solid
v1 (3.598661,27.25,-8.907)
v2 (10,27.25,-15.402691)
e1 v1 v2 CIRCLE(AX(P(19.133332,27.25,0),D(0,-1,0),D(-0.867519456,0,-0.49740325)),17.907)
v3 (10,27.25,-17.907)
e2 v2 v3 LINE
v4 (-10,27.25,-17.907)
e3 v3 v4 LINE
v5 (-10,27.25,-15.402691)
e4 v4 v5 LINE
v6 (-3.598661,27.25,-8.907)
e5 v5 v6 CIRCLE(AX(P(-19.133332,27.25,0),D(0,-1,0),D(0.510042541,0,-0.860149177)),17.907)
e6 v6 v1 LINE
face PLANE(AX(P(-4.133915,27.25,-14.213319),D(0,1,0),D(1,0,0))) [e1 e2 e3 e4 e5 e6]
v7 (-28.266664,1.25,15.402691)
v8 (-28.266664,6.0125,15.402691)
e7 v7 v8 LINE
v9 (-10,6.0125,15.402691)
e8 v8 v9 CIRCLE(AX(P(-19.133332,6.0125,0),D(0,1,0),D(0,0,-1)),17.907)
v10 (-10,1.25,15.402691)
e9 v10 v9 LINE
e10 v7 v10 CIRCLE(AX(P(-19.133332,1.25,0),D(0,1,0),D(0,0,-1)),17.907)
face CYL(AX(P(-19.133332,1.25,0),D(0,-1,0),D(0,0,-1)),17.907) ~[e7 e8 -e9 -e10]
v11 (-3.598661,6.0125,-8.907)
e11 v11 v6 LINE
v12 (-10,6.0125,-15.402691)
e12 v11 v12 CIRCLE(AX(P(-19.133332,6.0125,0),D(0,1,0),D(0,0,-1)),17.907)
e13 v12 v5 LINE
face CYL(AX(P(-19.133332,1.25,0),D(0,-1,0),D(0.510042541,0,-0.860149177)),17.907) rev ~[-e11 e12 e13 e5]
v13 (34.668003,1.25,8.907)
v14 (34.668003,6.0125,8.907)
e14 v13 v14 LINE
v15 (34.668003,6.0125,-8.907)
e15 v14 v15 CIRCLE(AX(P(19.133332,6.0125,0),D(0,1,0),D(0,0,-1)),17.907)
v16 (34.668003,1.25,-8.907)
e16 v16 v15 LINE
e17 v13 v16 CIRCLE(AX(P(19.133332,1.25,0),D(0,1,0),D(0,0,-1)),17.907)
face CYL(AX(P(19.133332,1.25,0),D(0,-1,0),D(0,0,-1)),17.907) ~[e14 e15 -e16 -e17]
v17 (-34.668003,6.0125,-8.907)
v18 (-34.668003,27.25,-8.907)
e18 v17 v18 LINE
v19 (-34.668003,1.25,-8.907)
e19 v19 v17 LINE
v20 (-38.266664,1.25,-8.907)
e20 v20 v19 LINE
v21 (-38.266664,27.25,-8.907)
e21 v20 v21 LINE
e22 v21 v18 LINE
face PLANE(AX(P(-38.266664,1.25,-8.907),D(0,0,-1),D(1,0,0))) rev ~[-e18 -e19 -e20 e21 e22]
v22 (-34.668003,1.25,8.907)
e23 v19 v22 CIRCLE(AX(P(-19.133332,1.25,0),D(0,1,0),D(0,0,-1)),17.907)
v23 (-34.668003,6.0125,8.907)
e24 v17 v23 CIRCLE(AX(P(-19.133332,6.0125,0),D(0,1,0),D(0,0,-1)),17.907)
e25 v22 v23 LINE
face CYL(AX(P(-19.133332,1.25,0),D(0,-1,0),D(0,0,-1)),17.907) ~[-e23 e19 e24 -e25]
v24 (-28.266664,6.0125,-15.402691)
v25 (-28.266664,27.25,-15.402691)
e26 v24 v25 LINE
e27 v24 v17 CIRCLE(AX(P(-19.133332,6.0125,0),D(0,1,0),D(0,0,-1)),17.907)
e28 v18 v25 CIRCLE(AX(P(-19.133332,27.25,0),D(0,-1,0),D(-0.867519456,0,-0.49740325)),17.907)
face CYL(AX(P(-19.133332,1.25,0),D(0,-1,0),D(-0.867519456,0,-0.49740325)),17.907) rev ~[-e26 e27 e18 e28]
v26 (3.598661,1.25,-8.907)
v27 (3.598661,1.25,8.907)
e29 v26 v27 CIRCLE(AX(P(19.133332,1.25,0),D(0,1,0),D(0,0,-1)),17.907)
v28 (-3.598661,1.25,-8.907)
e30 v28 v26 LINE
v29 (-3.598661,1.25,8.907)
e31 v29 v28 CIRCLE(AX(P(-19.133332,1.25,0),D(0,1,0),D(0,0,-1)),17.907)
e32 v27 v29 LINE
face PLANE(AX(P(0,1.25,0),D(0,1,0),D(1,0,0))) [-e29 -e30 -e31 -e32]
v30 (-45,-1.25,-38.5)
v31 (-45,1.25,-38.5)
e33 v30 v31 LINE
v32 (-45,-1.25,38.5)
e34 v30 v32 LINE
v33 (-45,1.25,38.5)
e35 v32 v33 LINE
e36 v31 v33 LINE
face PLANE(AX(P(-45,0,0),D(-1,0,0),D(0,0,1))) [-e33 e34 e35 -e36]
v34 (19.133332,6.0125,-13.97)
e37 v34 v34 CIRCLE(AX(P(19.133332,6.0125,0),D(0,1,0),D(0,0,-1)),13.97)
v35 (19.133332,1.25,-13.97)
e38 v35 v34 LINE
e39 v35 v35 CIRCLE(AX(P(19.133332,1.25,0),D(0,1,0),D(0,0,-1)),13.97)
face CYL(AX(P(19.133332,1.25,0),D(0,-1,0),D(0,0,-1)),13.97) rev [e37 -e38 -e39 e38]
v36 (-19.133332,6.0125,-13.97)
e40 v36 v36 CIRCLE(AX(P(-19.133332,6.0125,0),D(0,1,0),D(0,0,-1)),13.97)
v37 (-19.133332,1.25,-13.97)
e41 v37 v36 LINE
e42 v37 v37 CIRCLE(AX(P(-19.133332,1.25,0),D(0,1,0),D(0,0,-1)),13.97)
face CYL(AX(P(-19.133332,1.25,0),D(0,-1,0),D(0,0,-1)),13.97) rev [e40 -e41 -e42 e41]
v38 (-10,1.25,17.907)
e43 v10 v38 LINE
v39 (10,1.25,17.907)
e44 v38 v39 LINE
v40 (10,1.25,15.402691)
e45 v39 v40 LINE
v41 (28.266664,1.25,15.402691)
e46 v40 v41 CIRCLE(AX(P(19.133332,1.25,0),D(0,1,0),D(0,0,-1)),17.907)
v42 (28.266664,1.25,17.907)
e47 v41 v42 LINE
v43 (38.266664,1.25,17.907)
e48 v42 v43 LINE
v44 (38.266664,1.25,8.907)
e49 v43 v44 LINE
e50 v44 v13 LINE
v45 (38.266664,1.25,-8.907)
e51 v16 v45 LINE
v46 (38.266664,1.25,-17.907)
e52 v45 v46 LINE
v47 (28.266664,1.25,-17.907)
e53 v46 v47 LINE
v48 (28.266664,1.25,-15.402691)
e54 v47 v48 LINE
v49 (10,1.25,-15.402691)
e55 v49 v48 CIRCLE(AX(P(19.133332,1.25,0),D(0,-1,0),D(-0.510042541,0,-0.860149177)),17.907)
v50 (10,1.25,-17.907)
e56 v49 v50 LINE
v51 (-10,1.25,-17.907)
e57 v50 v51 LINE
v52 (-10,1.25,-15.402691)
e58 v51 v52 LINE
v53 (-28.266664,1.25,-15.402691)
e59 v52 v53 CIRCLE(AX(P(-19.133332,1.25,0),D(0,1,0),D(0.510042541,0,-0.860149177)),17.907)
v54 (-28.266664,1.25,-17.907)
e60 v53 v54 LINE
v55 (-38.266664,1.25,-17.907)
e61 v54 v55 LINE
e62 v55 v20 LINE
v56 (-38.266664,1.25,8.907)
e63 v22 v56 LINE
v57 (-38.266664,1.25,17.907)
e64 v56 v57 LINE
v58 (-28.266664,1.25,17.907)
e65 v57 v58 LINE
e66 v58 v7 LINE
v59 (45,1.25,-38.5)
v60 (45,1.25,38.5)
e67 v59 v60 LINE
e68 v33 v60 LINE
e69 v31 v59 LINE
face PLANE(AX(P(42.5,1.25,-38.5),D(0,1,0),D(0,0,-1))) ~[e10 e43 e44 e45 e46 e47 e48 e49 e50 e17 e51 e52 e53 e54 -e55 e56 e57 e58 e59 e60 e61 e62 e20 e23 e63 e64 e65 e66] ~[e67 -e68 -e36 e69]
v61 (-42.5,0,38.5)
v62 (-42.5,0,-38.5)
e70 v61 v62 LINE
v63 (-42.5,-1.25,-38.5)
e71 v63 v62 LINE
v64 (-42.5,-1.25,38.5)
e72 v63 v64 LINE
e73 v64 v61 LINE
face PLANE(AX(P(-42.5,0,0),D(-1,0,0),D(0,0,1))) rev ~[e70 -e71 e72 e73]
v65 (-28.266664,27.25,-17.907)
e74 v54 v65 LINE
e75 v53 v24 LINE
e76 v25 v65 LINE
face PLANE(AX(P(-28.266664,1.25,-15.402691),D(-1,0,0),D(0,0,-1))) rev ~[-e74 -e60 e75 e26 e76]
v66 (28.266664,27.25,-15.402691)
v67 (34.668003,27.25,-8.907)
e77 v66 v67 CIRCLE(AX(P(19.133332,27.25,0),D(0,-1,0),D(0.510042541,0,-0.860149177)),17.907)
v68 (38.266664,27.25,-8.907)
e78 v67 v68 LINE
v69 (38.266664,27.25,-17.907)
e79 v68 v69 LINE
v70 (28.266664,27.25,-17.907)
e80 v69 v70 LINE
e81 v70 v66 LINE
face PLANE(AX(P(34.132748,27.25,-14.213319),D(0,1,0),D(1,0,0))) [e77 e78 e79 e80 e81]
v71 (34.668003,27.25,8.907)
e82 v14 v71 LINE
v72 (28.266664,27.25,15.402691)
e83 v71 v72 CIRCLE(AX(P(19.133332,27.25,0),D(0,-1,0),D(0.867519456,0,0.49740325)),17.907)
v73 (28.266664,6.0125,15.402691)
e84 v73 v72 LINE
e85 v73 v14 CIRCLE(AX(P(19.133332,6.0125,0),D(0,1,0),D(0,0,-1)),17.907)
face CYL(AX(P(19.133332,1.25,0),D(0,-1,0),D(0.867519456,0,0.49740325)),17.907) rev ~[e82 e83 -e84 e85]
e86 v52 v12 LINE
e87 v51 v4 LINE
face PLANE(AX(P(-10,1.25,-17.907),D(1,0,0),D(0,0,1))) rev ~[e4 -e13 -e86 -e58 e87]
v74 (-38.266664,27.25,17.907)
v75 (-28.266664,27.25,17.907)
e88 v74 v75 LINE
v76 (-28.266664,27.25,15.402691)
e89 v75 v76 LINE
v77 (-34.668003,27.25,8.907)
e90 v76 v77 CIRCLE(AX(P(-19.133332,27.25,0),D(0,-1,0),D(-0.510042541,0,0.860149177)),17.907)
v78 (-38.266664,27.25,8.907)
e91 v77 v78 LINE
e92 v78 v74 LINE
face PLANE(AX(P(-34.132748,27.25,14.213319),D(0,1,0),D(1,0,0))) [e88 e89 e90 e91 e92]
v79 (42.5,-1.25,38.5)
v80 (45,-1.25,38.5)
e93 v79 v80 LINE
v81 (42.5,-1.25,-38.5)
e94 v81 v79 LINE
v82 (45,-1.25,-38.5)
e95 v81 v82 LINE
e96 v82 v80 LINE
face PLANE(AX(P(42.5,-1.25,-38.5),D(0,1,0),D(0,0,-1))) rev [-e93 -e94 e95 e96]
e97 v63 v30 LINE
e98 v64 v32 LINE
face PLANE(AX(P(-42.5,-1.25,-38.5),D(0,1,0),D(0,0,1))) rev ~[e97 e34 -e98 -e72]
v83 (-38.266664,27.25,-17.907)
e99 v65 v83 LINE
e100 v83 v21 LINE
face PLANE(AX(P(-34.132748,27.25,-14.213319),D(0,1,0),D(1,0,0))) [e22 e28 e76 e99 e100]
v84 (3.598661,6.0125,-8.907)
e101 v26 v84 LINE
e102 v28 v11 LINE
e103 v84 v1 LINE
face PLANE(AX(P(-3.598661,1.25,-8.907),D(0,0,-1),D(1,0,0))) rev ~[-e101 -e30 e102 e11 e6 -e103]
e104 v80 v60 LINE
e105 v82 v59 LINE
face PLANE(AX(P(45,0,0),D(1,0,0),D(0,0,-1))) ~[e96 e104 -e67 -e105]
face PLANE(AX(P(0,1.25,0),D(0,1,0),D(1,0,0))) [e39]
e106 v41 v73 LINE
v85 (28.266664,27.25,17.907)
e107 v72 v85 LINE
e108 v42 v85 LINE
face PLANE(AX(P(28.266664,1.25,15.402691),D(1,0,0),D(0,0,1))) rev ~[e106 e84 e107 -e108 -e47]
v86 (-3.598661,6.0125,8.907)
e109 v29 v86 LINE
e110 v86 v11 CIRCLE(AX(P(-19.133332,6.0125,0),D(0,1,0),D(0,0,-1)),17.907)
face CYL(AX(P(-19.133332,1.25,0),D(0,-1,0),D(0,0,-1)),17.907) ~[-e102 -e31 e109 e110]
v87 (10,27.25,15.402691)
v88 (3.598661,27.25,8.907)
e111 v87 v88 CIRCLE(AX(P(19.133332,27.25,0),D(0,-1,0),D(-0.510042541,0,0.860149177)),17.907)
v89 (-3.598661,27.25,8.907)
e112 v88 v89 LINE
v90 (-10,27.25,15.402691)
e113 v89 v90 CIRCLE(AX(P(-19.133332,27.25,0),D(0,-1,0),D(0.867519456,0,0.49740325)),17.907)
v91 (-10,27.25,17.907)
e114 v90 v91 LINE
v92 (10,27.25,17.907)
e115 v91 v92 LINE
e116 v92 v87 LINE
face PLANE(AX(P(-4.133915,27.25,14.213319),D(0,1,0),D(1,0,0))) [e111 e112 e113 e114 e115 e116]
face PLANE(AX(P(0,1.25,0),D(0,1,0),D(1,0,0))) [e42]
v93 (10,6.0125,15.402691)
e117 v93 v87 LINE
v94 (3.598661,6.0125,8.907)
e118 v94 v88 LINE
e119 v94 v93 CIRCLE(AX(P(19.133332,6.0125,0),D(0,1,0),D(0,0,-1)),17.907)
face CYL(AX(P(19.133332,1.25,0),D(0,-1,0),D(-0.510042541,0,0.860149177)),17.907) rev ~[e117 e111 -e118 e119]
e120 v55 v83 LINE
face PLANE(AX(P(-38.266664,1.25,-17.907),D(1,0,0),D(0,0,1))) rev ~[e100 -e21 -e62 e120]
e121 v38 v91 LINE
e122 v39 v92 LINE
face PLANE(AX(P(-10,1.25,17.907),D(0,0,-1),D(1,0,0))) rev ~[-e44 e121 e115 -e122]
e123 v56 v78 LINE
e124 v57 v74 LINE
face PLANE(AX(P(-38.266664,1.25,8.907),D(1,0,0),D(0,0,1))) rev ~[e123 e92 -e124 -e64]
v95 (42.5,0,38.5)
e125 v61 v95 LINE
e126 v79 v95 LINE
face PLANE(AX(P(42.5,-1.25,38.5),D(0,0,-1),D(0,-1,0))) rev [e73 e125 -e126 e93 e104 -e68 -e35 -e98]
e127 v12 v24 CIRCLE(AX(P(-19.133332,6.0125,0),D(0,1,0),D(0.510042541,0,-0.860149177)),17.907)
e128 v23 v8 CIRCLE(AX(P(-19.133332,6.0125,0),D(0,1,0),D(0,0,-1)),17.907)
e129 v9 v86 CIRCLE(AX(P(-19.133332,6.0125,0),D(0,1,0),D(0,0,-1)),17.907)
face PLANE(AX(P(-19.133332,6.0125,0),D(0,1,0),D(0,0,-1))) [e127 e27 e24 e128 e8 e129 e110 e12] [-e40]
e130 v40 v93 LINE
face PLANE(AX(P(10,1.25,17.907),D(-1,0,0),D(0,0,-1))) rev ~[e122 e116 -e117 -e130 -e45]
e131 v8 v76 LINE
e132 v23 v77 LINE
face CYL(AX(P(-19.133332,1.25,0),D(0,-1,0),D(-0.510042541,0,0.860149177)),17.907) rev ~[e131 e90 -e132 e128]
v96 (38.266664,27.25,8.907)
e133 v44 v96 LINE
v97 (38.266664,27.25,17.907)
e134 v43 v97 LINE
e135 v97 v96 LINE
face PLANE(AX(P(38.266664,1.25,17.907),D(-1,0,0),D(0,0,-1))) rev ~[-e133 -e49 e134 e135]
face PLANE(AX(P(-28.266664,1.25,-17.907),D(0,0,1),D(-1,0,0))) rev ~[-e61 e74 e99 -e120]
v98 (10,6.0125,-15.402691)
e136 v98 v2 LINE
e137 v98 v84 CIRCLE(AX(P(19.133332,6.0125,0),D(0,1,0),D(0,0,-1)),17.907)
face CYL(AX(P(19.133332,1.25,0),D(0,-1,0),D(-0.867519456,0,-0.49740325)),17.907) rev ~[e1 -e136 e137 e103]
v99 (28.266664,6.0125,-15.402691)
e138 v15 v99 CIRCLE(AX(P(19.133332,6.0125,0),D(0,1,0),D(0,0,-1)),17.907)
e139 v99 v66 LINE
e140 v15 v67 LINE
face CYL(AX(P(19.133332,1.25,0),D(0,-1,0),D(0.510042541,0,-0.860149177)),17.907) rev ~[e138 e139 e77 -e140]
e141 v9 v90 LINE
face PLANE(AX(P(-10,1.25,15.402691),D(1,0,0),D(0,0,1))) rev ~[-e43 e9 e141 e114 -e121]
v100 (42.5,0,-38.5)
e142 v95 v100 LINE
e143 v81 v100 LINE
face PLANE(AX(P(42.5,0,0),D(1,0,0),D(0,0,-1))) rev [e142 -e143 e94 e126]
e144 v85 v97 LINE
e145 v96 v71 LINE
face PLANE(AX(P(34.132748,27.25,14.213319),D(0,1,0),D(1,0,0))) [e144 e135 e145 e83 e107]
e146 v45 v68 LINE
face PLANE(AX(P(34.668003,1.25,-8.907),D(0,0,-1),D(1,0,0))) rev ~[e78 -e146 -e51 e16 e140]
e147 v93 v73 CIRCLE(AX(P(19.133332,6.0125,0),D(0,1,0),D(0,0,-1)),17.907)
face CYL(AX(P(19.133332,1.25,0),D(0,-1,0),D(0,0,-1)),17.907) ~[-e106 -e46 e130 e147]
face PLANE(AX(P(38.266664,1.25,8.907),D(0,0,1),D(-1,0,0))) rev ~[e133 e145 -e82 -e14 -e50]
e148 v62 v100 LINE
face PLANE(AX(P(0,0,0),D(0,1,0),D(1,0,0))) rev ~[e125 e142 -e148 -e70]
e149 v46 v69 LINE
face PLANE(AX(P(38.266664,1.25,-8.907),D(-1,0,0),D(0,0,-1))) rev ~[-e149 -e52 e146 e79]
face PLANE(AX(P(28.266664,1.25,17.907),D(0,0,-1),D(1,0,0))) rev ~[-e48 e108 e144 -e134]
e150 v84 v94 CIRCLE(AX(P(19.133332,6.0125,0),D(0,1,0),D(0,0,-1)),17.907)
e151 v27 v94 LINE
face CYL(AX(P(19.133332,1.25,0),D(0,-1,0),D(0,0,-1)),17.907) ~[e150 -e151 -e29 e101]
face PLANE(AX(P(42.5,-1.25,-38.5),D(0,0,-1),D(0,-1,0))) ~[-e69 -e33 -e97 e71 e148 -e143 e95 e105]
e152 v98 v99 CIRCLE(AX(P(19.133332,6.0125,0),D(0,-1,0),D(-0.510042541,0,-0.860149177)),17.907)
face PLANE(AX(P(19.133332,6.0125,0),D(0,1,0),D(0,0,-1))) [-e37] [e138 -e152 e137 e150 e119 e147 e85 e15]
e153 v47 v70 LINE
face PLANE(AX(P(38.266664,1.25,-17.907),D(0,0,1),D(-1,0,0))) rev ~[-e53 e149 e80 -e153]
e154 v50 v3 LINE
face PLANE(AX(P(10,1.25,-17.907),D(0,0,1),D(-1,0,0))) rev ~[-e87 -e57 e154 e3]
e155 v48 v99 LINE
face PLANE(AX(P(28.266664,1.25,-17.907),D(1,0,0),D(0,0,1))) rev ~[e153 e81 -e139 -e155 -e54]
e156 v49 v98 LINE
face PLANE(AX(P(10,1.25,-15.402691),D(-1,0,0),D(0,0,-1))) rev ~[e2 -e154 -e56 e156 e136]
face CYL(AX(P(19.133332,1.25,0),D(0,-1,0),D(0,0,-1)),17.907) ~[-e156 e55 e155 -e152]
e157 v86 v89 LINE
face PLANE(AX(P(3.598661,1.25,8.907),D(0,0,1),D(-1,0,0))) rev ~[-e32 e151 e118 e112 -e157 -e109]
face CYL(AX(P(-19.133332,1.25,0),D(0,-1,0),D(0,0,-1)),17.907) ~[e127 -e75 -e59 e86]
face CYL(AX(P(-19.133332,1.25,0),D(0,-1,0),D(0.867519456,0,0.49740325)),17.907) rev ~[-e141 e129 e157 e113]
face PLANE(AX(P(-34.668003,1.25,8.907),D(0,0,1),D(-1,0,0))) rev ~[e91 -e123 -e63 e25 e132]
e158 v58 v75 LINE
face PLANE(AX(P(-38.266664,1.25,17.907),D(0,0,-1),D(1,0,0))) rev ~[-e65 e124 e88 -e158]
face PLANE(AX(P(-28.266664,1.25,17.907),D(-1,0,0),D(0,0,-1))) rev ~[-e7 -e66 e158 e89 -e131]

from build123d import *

# Parameters (mm, degrees)
SKETCH1_W           = 85
SKETCH1_H           = 77
BOSS_EXTRUDE1_DEPTH = 1.25
SKETCH3_R           = 17.907
SKETCH3_R_2         = 13.97
BOSS_EXTRUDE3_DEPTH = 4.7625
BOSS_EXTRUDE7_DEPTH = 26
SKETCH6_W           = 77
SKETCH6_H           = 2.5
BOSS_EXTRUDE8_DEPTH = 2.5


with BuildPart() as part:
    # Sketch1 → Boss-Extrude1 (new body)
    with BuildSketch(Plane(origin=(0, 0, 0), x_dir=(1, 0, 0), z_dir=(0, 1, 0))):
        Rectangle(SKETCH1_W, SKETCH1_H)
    extrude(amount=BOSS_EXTRUDE1_DEPTH)

    # Sketch3 → Boss-Extrude3 (add)
    # profile 1 of 2: a face of its own
    with BuildSketch(Plane(origin=(0, 1.25, 0), x_dir=(1, 0, 0), z_dir=(0, 1, 0))):
        with Locations(Location((19.133331774, 0, 0), (0, 0, 90))):
            Circle(SKETCH3_R)
        with Locations(Location((19.133331774, 0, 0), (0, 0, 90))):
            Circle(SKETCH3_R_2, mode=Mode.SUBTRACT)
    # profile 2 of 2: a face of its own
    with BuildSketch(Plane(origin=(0, 1.25, 0), x_dir=(1, 0, 0), z_dir=(0, 1, 0))):
        with Locations(Location((-19.133331774, 0, 0), (0, 0, 90))):
            Circle(SKETCH3_R)
        with Locations(Location((-19.133331774, 0, 0), (0, 0, 90))):
            Circle(SKETCH3_R_2, mode=Mode.SUBTRACT)
    extrude(amount=BOSS_EXTRUDE3_DEPTH)

    # Sketch4 → Boss-Extrude7 (add)
    with BuildSketch(Plane(origin=(0, 1.25, 0), x_dir=(1, 0, 0), z_dir=(0, 1, 0))):
        with BuildLine():
            ThreePointArc((-34.668002675, 8.907), (-31.887785522, 12.569190849), (-28.266663548, 15.402691314))
            Line((-28.266663548, 15.402691314), (-28.266663548, 17.907))
            Line((-28.266663548, 17.907), (-38.266663548, 17.907))
            Line((-38.266663548, 17.907), (-38.266663548, 8.907))
            Line((-38.266663548, 8.907), (-34.668002675, 8.907))
        make_face()
        with BuildLine():
            ThreePointArc((-28.266663548, -15.402691314), (-31.887785522, -12.569190849), (-34.668002675, -8.907))
            Line((-34.668002675, -8.907), (-38.266663548, -8.907))
            Line((-38.266663548, -8.907), (-38.266663548, -17.907))
            Line((-38.266663548, -17.907), (-28.266663548, -17.907))
            Line((-28.266663548, -17.907), (-28.266663548, -15.402691314))
        make_face()
        with BuildLine():
            Line((0, -8.907), (-3.598660873, -8.907))
            ThreePointArc((-3.598660873, -8.907), (-6.378878026, -12.569190849), (-10, -15.402691314))
            Line((-10, -15.402691314), (-10, -17.907))
            Line((-10, -17.907), (0, -17.907))
            Line((0, -17.907), (0, -8.907))
        make_face()
        with BuildLine():
            ThreePointArc((10, -15.402691314), (6.378878026, -12.569190849), (3.598660873, -8.907))
            Line((3.598660873, -8.907), (0, -8.907))
            Line((0, -8.907), (0, -17.907))
            Line((0, -17.907), (10, -17.907))
            Line((10, -17.907), (10, -15.402691314))
        make_face()
        with BuildLine():
            Line((0, 8.907), (0, 17.907))
            Line((0, 17.907), (-10, 17.907))
            Line((-10, 17.907), (-10, 15.402691314))
            ThreePointArc((-10, 15.402691314), (-6.378878026, 12.569190849), (-3.598660873, 8.907))
            Line((-3.598660873, 8.907), (0, 8.907))
        make_face()
        with BuildLine():
            Line((10, 17.907), (0, 17.907))
            Line((0, 17.907), (0, 8.907))
            Line((0, 8.907), (3.598660873, 8.907))
            ThreePointArc((3.598660873, 8.907), (6.378878026, 12.569190849), (10, 15.402691314))
            Line((10, 15.402691314), (10, 17.907))
        make_face()
        with BuildLine():
            Line((28.266663548, 17.907), (28.266663548, 15.402691314))
            ThreePointArc((28.266663548, 15.402691314), (31.887785522, 12.569190849), (34.668002675, 8.907))
            Line((34.668002675, 8.907), (38.266663548, 8.907))
            Line((38.266663548, 8.907), (38.266663548, 17.907))
            Line((38.266663548, 17.907), (28.266663548, 17.907))
        make_face()
        with BuildLine():
            ThreePointArc((34.668002675, -8.907), (31.887785522, -12.569190849), (28.266663548, -15.402691314))
            Line((28.266663548, -15.402691314), (28.266663548, -17.907))
            Line((28.266663548, -17.907), (38.266663548, -17.907))
            Line((38.266663548, -17.907), (38.266663548, -8.907))
            Line((38.266663548, -8.907), (34.668002675, -8.907))
        make_face()
    extrude(amount=BOSS_EXTRUDE7_DEPTH)

    # Sketch6 → Boss-Extrude8 (add)
    with BuildSketch(Plane.ZY.offset(42.5)):
        Rectangle(SKETCH6_W, SKETCH6_H)
    boss_extrude8 = extrude(amount=BOSS_EXTRUDE8_DEPTH)

    # Mirror1: Boss-Extrude8 across plane
    add(boss_extrude8.mirror(Plane(origin=(0, 0, 0), x_dir=(0, 0, 1), z_dir=(1, 0, 0))))


solid = part.part
